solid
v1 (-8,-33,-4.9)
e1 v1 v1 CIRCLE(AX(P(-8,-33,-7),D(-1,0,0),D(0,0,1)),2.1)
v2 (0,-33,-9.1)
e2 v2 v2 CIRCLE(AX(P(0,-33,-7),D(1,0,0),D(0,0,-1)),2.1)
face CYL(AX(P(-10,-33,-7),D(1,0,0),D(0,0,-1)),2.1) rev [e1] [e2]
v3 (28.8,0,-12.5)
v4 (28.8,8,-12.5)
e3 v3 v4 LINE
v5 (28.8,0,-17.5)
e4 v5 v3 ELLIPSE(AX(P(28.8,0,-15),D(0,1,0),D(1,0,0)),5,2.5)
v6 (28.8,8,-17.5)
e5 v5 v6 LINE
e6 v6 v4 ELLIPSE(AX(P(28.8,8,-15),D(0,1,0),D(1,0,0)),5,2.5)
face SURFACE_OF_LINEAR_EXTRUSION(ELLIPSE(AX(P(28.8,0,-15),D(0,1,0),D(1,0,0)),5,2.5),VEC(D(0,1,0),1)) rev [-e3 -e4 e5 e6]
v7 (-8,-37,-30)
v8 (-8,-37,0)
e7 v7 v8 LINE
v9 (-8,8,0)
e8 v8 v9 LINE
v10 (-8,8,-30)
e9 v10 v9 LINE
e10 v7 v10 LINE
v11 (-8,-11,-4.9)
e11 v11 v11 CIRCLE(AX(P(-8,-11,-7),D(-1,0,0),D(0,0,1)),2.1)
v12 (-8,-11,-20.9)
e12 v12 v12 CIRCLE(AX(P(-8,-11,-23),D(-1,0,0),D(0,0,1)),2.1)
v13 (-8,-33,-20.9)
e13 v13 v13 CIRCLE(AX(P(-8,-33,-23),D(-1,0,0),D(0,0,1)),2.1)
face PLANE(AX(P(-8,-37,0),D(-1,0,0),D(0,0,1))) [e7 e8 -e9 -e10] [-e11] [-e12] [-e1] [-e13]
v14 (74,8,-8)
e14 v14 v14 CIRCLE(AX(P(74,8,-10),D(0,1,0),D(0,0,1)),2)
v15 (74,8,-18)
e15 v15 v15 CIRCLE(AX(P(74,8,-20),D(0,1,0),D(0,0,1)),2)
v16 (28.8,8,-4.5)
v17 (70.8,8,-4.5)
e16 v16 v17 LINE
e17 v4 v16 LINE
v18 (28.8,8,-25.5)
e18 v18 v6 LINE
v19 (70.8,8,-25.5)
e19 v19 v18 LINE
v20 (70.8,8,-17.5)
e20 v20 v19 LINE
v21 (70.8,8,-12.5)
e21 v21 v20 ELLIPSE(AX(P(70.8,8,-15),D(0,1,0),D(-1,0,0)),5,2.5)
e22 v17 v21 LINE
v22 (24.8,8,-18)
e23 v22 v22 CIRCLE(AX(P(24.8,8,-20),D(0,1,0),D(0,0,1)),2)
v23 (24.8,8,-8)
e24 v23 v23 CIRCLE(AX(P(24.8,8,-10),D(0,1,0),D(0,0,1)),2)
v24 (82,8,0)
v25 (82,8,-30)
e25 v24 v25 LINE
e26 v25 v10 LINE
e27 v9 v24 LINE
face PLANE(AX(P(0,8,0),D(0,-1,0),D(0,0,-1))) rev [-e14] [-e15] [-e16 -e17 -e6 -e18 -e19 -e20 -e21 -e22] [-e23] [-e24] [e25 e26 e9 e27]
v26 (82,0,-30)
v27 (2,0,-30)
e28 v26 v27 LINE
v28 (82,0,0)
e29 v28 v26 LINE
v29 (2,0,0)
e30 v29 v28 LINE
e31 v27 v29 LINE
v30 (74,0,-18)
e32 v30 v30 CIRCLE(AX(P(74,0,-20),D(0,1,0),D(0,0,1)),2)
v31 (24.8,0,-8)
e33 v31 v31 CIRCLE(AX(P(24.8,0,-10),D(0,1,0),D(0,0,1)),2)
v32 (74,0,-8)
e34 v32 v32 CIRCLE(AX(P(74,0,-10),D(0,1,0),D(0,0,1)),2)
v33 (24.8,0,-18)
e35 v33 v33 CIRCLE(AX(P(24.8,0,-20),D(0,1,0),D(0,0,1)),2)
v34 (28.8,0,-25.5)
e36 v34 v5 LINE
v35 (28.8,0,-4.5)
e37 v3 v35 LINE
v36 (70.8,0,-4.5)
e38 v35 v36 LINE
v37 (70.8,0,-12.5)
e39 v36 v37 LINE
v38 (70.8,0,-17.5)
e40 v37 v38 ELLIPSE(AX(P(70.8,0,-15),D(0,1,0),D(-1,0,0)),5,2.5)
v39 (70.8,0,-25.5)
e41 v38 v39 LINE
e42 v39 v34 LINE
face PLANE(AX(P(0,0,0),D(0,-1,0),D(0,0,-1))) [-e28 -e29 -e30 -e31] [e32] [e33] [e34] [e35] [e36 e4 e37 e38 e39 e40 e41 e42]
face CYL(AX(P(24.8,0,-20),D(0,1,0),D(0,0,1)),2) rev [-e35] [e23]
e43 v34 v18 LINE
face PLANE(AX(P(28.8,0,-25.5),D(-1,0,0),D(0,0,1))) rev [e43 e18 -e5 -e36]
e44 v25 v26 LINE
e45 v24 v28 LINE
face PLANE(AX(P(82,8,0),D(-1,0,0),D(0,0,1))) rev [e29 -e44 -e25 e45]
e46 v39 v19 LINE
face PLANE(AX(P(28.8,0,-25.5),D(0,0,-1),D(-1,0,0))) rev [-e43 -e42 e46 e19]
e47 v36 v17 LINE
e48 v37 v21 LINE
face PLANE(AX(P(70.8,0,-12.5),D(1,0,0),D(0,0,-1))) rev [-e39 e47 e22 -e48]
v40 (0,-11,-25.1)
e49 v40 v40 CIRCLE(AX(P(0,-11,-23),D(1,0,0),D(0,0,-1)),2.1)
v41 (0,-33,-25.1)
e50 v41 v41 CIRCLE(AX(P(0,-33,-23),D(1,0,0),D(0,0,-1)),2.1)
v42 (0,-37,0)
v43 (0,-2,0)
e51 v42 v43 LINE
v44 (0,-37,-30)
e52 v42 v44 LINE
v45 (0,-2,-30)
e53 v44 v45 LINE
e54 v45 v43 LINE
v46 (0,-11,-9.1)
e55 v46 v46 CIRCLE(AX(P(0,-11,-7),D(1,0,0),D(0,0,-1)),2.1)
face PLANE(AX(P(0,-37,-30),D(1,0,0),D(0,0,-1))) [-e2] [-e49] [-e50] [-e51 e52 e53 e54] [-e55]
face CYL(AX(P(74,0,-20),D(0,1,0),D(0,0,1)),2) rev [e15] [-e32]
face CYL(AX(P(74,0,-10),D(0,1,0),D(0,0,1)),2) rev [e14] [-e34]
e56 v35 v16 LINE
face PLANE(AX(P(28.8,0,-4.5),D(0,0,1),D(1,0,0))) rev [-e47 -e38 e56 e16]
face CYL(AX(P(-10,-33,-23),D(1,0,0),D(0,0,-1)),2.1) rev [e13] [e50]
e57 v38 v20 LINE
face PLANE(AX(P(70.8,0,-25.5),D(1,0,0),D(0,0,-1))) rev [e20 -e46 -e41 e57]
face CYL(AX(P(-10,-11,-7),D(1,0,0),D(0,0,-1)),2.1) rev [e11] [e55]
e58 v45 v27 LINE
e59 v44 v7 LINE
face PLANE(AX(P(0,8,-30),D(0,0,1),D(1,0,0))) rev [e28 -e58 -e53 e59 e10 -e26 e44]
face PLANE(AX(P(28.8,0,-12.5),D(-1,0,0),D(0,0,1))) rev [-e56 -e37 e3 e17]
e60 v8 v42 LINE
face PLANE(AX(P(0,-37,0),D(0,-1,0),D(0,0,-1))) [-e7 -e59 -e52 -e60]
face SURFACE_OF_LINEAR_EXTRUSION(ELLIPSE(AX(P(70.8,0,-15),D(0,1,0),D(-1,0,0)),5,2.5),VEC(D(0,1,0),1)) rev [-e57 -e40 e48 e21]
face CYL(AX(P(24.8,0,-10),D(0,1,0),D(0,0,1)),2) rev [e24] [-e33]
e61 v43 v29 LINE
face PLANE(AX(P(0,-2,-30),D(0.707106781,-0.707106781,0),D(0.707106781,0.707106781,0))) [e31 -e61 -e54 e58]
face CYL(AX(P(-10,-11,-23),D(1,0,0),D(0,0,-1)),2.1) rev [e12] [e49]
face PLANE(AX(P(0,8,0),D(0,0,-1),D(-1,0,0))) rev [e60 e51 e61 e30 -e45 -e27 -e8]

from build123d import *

# Parameters (mm, degrees)
SKETCH_1_W          = 82
SKETCH_1_H          = 30
EXTRUDE_1_DEPTH     = 8
SKETCH_2_R          = 2
CUT_EXTRUDE_1_DEPTH = 8
SKETCH_4_W          = 8
SKETCH_4_H          = 30
EXTRUDE_2_DEPTH     = 45
EXTRUDE_5_DEPTH     = 30
SKETCH_15_R         = 2.1
CUT_EXTRUDE_2_DEPTH = 10


with BuildPart() as part:
    # 草圖1 → 填料-伸長1 (new body)
    with BuildSketch(Plane(origin=(0, 0, 0), x_dir=(1, 0, 0), z_dir=(0, 1, 0))):
        with Locations((41, 15)):
            Rectangle(SKETCH_1_W, SKETCH_1_H)
    extrude(amount=EXTRUDE_1_DEPTH)

    # 草圖2 → 除料-伸長1 (cut)
    with BuildSketch(Plane(origin=(0, 8, 0), x_dir=(1, 0, 0), z_dir=(0, 1, 0))):
        with Locations(Location((74, 20, 0), (0, 0, 270))):
            Circle(SKETCH_2_R)
        with Locations(Location((74, 10, 0), (0, 0, 270))):
            Circle(SKETCH_2_R)
        with Locations(Location((24.8, 20, 0), (0, 0, 270))):
            Circle(SKETCH_2_R)
        with Locations(Location((24.8, 10, 0), (0, 0, 270))):
            Circle(SKETCH_2_R)
        with BuildLine():
            Line((28.8, 25.5), (70.8, 25.5))
            Line((70.8, 25.5), (70.8, 17.5))
            add(Edge.make_bspline(
                [(70.8, 12.5), (75.8, 12.5), (75.8, 15), (75.8, 17.5), (70.8, 17.5)],
                knots=[4.71238898, 4.71238898, 4.71238898, 6.283185307, 6.283185307, 7.853981634, 7.853981634, 7.853981634], degree=2, weights=[1, 0.707106781, 1, 0.707106781, 1]))
            Line((70.8, 12.5), (70.8, 4.5))
            Line((70.8, 4.5), (28.8, 4.5))
            Line((28.8, 4.5), (28.8, 12.5))
            add(Edge.make_bspline(
                [(28.8, 17.5), (23.8, 17.5), (23.8, 15), (23.8, 12.5), (28.8, 12.5)],
                knots=[1.570796327, 1.570796327, 1.570796327, 3.141592654, 3.141592654, 4.71238898, 4.71238898, 4.71238898], degree=2, weights=[1, 0.707106781, 1, 0.707106781, 1]))
            Line((28.8, 17.5), (28.8, 25.5))
        make_face()
    extrude(amount=-CUT_EXTRUDE_1_DEPTH, mode=Mode.SUBTRACT)

    # 草圖4 → 填料-伸長2 (add)
    with BuildSketch(Plane(origin=(0, 8, 0), x_dir=(1, 0, 0), z_dir=(0, 1, 0))):
        with Locations((-4, 15)):
            Rectangle(SKETCH_4_W, SKETCH_4_H)
    extrude(amount=-EXTRUDE_2_DEPTH)

    # 草圖14 → 填料-伸長5 (add)
    with BuildSketch(Plane.XY):
        Polygon((0, 0), (0, -2), (2, 0), align=None)
    extrude(amount=-EXTRUDE_5_DEPTH)

    # 草圖15 → 除料-伸長2 (cut)
    with BuildSketch(Plane(origin=(0, 0, 0), x_dir=(0, 0, -1), z_dir=(1, 0, 0))):
        with Locations((7, -33)):
            Circle(SKETCH_15_R)
        with Locations((7, -11)):
            Circle(SKETCH_15_R)
        with Locations((23, -11)):
            Circle(SKETCH_15_R)
        with Locations((23, -33)):
            Circle(SKETCH_15_R)
    extrude(amount=-CUT_EXTRUDE_2_DEPTH, mode=Mode.SUBTRACT)


solid = part.part
